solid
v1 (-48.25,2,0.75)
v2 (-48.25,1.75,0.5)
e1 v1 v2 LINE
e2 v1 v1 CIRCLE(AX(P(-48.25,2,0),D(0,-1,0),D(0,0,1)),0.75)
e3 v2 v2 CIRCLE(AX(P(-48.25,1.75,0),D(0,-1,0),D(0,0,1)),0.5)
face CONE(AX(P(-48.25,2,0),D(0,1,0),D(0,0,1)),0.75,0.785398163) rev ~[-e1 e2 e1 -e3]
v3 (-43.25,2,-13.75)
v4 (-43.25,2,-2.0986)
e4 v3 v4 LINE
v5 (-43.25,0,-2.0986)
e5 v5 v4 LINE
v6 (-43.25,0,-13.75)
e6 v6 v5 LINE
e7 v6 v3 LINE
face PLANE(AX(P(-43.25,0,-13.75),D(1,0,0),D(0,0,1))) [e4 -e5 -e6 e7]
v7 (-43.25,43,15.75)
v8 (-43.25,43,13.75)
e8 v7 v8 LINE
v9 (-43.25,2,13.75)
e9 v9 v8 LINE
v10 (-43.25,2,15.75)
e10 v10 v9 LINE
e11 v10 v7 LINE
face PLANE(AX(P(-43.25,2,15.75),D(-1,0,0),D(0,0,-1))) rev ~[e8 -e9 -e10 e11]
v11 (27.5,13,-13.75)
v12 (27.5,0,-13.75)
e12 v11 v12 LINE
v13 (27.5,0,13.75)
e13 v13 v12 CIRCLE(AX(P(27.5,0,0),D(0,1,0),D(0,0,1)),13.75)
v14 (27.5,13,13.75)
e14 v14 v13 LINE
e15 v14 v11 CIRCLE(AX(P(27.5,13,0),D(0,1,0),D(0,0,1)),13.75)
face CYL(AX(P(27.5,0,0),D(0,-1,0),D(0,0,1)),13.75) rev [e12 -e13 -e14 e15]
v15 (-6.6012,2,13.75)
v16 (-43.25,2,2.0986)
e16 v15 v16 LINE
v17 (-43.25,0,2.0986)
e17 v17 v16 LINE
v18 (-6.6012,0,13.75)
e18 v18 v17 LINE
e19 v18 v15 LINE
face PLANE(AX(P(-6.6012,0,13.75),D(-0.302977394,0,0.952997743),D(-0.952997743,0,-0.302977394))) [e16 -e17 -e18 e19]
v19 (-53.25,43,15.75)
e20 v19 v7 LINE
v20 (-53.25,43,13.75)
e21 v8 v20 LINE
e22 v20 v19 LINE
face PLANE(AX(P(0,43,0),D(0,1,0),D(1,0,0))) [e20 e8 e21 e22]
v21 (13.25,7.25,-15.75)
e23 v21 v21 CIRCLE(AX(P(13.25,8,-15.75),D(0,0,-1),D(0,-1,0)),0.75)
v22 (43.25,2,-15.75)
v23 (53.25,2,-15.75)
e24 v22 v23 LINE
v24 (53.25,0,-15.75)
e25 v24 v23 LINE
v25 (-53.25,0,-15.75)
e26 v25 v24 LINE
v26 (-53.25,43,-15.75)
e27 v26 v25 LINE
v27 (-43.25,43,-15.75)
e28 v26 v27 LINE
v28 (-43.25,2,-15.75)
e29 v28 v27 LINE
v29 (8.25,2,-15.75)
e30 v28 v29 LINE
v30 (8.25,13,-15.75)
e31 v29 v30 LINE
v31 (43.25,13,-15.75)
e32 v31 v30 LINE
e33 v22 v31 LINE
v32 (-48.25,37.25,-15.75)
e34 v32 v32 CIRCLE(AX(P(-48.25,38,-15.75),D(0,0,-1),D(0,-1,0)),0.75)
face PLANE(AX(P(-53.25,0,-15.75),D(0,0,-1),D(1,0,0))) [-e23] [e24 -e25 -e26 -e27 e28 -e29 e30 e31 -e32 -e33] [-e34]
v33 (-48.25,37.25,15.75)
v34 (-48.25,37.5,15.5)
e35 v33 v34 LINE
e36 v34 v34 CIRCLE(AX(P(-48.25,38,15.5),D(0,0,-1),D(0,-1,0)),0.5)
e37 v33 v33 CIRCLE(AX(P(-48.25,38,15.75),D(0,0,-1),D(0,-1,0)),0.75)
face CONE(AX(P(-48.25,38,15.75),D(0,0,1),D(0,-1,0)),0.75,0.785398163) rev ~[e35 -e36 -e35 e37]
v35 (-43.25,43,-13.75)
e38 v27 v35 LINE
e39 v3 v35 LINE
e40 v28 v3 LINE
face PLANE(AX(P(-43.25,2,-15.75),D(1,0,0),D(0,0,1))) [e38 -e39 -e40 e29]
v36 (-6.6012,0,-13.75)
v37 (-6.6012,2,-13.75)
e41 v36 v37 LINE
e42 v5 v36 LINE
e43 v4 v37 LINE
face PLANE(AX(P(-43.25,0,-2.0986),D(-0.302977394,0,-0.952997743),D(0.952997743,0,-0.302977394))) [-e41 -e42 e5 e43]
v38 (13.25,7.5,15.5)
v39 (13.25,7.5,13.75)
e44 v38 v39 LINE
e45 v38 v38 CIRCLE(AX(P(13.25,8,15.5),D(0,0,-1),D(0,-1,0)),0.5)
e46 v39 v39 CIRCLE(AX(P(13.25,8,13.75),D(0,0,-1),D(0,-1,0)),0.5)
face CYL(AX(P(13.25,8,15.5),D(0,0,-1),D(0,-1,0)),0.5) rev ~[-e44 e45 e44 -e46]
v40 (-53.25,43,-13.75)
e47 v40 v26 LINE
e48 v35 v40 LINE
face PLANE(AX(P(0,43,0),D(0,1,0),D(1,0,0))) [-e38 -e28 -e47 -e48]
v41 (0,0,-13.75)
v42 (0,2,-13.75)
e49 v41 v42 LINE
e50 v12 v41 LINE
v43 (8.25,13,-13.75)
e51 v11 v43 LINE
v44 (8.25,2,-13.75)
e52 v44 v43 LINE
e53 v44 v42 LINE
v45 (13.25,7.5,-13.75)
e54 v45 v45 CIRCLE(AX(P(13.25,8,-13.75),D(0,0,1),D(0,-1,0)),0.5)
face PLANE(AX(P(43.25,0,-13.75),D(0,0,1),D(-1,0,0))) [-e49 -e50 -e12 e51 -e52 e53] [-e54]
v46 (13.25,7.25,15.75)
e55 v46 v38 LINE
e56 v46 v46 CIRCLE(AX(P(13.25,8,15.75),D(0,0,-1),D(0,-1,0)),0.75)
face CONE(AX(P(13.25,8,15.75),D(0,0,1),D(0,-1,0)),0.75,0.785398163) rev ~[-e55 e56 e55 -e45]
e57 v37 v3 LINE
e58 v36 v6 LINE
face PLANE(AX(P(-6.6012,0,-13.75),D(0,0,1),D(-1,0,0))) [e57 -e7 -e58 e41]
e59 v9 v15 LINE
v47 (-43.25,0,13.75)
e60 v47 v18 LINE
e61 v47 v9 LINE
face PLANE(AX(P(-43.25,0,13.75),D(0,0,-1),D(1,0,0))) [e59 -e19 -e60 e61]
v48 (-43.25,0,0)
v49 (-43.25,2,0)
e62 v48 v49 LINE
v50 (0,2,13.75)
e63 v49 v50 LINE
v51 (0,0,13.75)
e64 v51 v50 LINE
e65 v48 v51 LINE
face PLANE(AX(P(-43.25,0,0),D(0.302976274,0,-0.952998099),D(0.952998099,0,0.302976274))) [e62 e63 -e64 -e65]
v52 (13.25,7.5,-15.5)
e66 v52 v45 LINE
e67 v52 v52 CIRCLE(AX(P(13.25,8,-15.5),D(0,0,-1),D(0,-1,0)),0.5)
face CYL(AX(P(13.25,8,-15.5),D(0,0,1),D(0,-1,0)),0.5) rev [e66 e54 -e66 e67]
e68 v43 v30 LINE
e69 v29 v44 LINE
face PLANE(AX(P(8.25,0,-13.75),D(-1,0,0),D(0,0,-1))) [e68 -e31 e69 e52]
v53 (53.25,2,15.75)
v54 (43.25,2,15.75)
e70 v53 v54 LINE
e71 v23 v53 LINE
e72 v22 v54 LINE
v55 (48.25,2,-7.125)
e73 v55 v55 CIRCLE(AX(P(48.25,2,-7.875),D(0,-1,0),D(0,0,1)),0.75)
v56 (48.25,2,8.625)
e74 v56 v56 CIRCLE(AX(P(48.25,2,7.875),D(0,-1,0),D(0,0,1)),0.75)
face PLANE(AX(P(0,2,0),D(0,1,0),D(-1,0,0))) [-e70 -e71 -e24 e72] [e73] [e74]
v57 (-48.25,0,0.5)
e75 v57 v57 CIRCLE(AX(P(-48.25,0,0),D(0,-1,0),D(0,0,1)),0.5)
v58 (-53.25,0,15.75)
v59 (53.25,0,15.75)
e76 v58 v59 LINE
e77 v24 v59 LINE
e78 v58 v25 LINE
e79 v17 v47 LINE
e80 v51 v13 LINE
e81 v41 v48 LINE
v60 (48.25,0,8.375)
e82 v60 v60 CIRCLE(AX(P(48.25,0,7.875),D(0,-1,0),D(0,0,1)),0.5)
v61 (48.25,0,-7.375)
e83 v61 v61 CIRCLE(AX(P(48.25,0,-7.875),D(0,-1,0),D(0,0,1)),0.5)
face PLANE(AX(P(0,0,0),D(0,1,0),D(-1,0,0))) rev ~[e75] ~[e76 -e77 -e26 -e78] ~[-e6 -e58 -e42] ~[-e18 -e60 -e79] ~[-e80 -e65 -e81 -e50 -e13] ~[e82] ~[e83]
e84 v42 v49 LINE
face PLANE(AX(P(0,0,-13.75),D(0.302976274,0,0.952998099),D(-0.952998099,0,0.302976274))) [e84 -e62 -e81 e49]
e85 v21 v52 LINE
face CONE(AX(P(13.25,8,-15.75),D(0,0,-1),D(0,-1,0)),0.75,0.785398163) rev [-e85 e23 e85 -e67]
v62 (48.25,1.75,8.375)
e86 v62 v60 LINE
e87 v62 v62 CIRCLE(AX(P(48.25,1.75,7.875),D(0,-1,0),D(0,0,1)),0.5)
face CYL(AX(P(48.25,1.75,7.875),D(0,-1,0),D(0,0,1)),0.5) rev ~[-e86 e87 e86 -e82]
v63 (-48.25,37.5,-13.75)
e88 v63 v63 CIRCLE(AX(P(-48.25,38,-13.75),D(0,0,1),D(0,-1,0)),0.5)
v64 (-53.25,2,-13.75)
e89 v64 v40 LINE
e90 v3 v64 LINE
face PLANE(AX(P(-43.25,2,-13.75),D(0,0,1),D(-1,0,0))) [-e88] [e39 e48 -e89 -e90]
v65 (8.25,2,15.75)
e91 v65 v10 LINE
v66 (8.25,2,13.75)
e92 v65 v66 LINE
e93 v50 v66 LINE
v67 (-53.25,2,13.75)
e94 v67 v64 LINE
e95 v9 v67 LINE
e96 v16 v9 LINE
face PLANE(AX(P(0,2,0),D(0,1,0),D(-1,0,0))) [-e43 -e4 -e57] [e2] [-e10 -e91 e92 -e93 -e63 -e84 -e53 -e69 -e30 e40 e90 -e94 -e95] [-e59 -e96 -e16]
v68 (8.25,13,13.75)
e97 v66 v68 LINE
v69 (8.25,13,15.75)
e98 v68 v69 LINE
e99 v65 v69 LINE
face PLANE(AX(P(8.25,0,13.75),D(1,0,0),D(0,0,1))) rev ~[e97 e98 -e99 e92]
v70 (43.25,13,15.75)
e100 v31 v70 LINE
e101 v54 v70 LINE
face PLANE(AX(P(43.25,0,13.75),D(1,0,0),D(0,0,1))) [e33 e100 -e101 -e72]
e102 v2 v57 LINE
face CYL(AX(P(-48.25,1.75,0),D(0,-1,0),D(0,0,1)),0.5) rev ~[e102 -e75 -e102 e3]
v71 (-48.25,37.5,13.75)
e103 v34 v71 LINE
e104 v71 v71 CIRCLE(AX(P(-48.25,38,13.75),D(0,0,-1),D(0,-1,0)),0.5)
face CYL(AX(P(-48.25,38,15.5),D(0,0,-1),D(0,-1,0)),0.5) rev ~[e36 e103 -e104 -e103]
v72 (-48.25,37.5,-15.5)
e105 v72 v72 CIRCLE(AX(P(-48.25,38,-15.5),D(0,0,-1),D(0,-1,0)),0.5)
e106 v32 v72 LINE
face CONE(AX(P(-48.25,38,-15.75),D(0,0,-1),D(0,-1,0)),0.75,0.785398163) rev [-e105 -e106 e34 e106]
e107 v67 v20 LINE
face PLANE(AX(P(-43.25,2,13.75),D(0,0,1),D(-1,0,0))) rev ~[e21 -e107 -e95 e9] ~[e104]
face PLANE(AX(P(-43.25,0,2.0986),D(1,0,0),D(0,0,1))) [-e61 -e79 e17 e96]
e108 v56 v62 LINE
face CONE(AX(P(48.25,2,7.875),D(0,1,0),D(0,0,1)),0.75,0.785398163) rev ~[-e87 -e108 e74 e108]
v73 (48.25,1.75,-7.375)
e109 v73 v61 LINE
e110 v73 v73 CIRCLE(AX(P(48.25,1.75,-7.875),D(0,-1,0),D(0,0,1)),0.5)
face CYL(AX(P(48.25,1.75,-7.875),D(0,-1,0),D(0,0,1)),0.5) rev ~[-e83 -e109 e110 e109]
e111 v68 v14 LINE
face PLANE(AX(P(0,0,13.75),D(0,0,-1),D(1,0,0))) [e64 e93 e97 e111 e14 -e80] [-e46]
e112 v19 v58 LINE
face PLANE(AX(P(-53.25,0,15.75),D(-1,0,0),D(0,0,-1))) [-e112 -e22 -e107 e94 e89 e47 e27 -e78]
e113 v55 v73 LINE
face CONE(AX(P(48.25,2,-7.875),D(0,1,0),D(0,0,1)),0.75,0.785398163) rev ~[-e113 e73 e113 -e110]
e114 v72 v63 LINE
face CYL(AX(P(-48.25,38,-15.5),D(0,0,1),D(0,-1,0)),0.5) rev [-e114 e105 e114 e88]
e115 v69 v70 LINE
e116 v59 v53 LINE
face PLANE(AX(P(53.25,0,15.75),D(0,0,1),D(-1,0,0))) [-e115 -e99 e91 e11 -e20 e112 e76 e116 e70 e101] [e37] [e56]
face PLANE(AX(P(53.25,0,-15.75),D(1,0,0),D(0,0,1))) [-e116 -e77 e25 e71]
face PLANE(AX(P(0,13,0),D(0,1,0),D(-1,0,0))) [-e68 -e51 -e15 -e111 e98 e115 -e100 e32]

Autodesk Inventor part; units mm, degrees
ref_plane "YZ Plane" through (0, 0, 0) normal (1, 0, 0) x (0, 1, 0)
ref_plane "XZ Plane" through (0, 0, 0) normal (0, 1, 0) x (-1, 0, 0)
ref_plane "XY Plane" through (0, 0, 0) normal (0, 0, 1) x (1, 0, 0)
sketch "Эскиз1" plane through (0, 0, 0) normal (0, 1, 0) x (-1, 0, 0)
  line L0 (-53.25, 15.75) -> (53.25, 15.75)
  line L1 (53.25, 15.75) -> (53.25, -15.75)
  line L2 (53.25, -15.75) -> (-53.25, -15.75)
  line L3 (-53.25, -15.75) -> (-53.25, 15.75)
  line L4 (-53.25, 15.75) -> (53.25, -15.75) construction
  line L5 (53.25, 15.75) -> (-53.25, -15.75) construction
  line L6 (-43.25, -13.75) -> (0, -13.75)
  line L7 (43.25, -13.75) -> (43.25, -2.0986)
  line L8 (43.25, 13.75) -> (6.6012, 13.75)
  line L9 (-43.25, 13.75) -> (-43.25, -13.75)
  line L10 (0, -22.05) -> (0, 22.05) construction
  line L11 (0, -15.75) -> (0, -13.75) construction
  line L12 (0, 13.75) -> (0, 15.75) construction
  line L13 (0, -13.75) -> (43.25, 0)
  line L14 (43.25, 0) -> (0, 13.75)
  line L15 (6.6012, 13.75) -> (43.25, 2.0986)
  line L16 (43.25, -2.0986) -> (6.6012, -13.75)
  line L17 (43.25, -2.0986) -> (43.25, 2.0986) construction
  line L18 (43.25, 2.0986) -> (43.25, 13.75)
  line L19 (6.6012, -13.75) -> (43.25, -13.75)
  line L20 (0, -13.75) -> (6.6012, -13.75) construction
  line L21 (6.6012, 13.75) -> (0, 13.75) construction
  line L22 (0, 13.75) -> (-43.25, 13.75)
  line L23 (43.25, -2.0986) -> (42.644, -0.1926) construction
  line L24 (43.25, 2.0986) -> (42.644, 0.1926) construction
  point P0 (0, 0)
  point P1 (0, 0)
  dimension "d0" = 106.5
  dimension "d5" = 10
  dimension "d24" = 27.5
  dimension "d28" = 10
  dimension "d29" = 2
extrude "Выдавливание1" add sketch "Эскиз1" along normal blind 2
sketch "Эскиз2" plane through (0, 0, 0) normal (0, 1, 0) x (-1, 0, 0)
  line L0 (-43.25, -15.75) -> (-43.25, 15.75)
  line L1 (53.25, 15.75) -> (-53.25, 15.75) projected
  line L2 (-53.25, 15.75) -> (-53.25, -15.75) projected
  line L3 (0, -13.75) -> (-43.25, -13.75) construction
  line L4 (-41.25, -13.75) -> (-41.25, 13.75) construction
  line L5 (6.6012, 13.75) -> (43.25, 13.75) construction
  line L6 (-41.25, -13.75) -> (-27.5, -13.75) construction
  line L7 (-8.25, -13.75) -> (-8.25, -15.75)
  line L8 (-53.25, -15.75) -> (53.25, -15.75) projected
  line L9 (-8.25, -15.75) -> (-43.25, -15.75)
  line L10 (-43.25, 15.75) -> (-8.25, 15.75)
  line L11 (-8.25, 13.75) -> (-27.5, 13.75)
  line L12 (-8.25, 13.75) -> (-8.25, 15.75)
  arc A0 (-27.5, 13.75) -> (-27.5, -13.75) centre (-27.5, 0) ccw
  line L13 (-27.5, -13.75) -> (-8.25, -13.75)
  line L14 (-27.5, 13.75) -> (-41.25, 13.75) construction
  line L15 (-43.25, -13.75) -> (-43.25, 13.75) projected
  point P0 (0, 0)
  point P1 (43.25, -13.75)
  point P2 (-43.25, -15.75)
  dimension "d13" = 2
  dimension "d14" = 33
extrude "Выдавливание2" add sketch "Эскиз2" along normal blind 13 contours L0 L1 L12 L11 A0 L13 L7 L8
sketch "Эскиз3" plane through (0, 2, 0) normal (0, 1, 0) x (1, 0, 0)
  line L0 (-43.25, 13.75) -> (-53.25, 13.75)
  line L1 (-53.25, 13.75) -> (-53.25, 15.75)
  line L2 (-53.25, 15.75) -> (-43.25, 15.75)
  line L3 (-43.25, 15.75) -> (-43.25, 13.75)
  line L4 (-53.25, 15.75) -> (-53.25, -15.75) construction
  line L5 (-53.25, -15.75) -> (-43.25, -15.75)
  line L6 (-43.25, -15.75) -> (-43.25, -13.75)
  line L7 (-43.25, -13.75) -> (-53.25, -13.75)
  line L8 (-53.25, -13.75) -> (-53.25, -15.75)
  point P0 (0, 0)
  point P1 (8.25, -13.75)
extrude "Выдавливание3" add sketch "Эскиз3" along normal blind 41
sketch "Эскиз4" plane through (-53.25, 0, 15.75) normal (0, 0, 1) x (1, 0, 0)
  line L0 (10, 43) -> (0, 43) construction
  line L1 (0, 43) -> (10, 43) construction
  line L2 (10, 43) -> (10, 33) construction
  line L3 (10, 33) -> (0, 33) construction
  line L4 (0, 33) -> (0, 43) construction
  line L5 (106.5, 0) -> (0, 0) construction
  line L6 (0, 0) -> (0, 43) construction
  line L7 (10, 43) -> (10, 2) construction
  line L8 (10, 2) -> (61.5, 2) construction
  line L9 (61.5, 2) -> (61.5, 13) construction
  line L10 (61.5, 13) -> (96.5, 13) construction
  line L11 (96.5, 13) -> (96.5, 2) construction
  line L12 (96.5, 2) -> (106.5, 2) construction
  line L13 (106.5, 2) -> (106.5, 0) construction
  line L14 (10, 2) -> (10, 43) construction
  line L15 (0, 0) -> (0, 43) construction
  line L16 (10, 33) -> (0, 43) construction
  line L17 (10, 43) -> (0, 33) construction
  circle A0 centre (5, 38) radius 0.5
  line L18 (61.5, 13) -> (71.5, 13) construction
  line L19 (71.5, 13) -> (71.5, 3) construction
  line L20 (71.5, 3) -> (61.5, 3) construction
  line L21 (61.5, 3) -> (61.5, 13) construction
  line L22 (71.5, 13) -> (61.5, 3) construction
  line L23 (61.5, 2) -> (61.5, 13) construction
  line L24 (61.5, 13) -> (71.5, 3) construction
  circle A1 centre (66.5, 8) radius 0.5
  line L25 (0, 43) -> (10, 43) projected
  point P0 (53.25, 0)
  dimension "d19" = 1
  dimension "d20" = 10
  dimension "d21" = 1
hole "Отверстие1" at (-48.25, 38, 15.75) at (13.25, 8, 15.75) direction (0, 0, -1) diameter 1 depth 15.75 countersink diameter 1.5 countersink angle 90
mirror "Зеркальное отражение1" about plane through (0, 0, 0) normal (0, 0, 1) of "Отверстие1"
sketch "Эскиз5" plane through (0, 2, 0) normal (0, 1, 0) x (1, 0, 0)
  line L0 (8.25, 13.75) -> (8.25, 15.75) construction
  line L1 (-43.25, 15.75) -> (8.25, 15.75) construction
  line L2 (-53.25, 15.75) -> (-43.25, 15.75) construction
  line L3 (-53.25, 13.75) -> (-53.25, 15.75) construction
  line L4 (-43.25, 13.75) -> (-53.25, 13.75) construction
  line L5 (-43.25, 13.75) -> (-43.25, 2.0986) construction
  line L6 (-43.25, 2.0986) -> (-6.6012, 13.75) construction
  line L7 (-6.6012, 13.75) -> (-43.25, 13.75) construction
  line L8 (8.25, 13.75) -> (0, 13.75) construction
  line L9 (27.5, 13.75) -> (8.25, 13.75) construction
  arc A0 (27.5, -13.75) -> (27.5, 13.75) centre (27.5, 0) ccw construction
  line L10 (8.25, -13.75) -> (27.5, -13.75) construction
  line L11 (8.25, -15.75) -> (8.25, -13.75) construction
  line L12 (8.25, -15.75) -> (-43.25, -15.75) construction
  line L13 (-43.25, -13.75) -> (-43.25, -15.75) construction
  line L14 (-43.25, -13.75) -> (-6.6012, -13.75) construction
  line L15 (-6.6012, -13.75) -> (-43.25, -2.0986) construction
  line L16 (-43.25, -2.0986) -> (-43.25, -13.75) construction
  line L17 (8.25, 15.75) -> (43.25, 15.75) construction
  line L18 (43.25, 15.75) -> (43.25, -15.75) construction
  line L19 (53.25, -15.75) -> (43.25, -15.75) construction
  line L20 (53.25, 15.75) -> (53.25, -15.75) construction
  line L21 (43.25, 15.75) -> (53.25, 15.75) construction
  line L22 (-43.25, 15.75) -> (-43.25, 13.75) construction
  line L23 (-53.25, -13.75) -> (-53.25, 13.75) construction
  line L24 (-53.25, -15.75) -> (-53.25, -13.75) construction
  line L25 (-43.25, -15.75) -> (-53.25, -15.75) construction
  line L26 (0, 13.75) -> (-43.25, 0) construction
  line L27 (-43.25, 0) -> (0, -13.75) construction
  line L28 (0, -13.75) -> (8.25, -13.75) construction
  line L29 (43.25, -15.75) -> (8.25, -15.75) construction
  line L30 (-53.25, -13.75) -> (-43.25, -13.75) construction
  line L31 (53.25, 15.75) -> (-53.25, 15.75) construction
  line L32 (-53.25, 15.75) -> (-43.25, -15.75) construction
  line L33 (-53.25, -15.75) -> (53.25, -15.75) construction
  line L34 (-53.25, -15.75) -> (-43.25, 15.75) construction
  line L35 (53.25, 15.75) -> (43.25, 0) construction
  line L36 (43.25, 15.75) -> (53.25, 0) construction
  line L37 (53.25, -15.75) -> (53.25, 15.75) construction
  line L38 (53.25, 0) -> (43.25, -15.75) construction
  line L39 (53.25, -15.75) -> (43.25, 0) construction
  circle A1 centre (-48.25, 0) radius 0.5
  circle A2 centre (48.25, 7.875) radius 0.5
  circle A3 centre (48.25, -7.875) radius 0.5
  point P0 (0, 0)
  dimension "d37" = 1
hole "Отверстие2" at (-48.25, 2, 0) at (48.25, 2, 7.875) at (48.25, 2, -7.875) direction (0, -1, 0) diameter 1 end through all countersink diameter 1.5 countersink angle 90
properties part number "frame"
